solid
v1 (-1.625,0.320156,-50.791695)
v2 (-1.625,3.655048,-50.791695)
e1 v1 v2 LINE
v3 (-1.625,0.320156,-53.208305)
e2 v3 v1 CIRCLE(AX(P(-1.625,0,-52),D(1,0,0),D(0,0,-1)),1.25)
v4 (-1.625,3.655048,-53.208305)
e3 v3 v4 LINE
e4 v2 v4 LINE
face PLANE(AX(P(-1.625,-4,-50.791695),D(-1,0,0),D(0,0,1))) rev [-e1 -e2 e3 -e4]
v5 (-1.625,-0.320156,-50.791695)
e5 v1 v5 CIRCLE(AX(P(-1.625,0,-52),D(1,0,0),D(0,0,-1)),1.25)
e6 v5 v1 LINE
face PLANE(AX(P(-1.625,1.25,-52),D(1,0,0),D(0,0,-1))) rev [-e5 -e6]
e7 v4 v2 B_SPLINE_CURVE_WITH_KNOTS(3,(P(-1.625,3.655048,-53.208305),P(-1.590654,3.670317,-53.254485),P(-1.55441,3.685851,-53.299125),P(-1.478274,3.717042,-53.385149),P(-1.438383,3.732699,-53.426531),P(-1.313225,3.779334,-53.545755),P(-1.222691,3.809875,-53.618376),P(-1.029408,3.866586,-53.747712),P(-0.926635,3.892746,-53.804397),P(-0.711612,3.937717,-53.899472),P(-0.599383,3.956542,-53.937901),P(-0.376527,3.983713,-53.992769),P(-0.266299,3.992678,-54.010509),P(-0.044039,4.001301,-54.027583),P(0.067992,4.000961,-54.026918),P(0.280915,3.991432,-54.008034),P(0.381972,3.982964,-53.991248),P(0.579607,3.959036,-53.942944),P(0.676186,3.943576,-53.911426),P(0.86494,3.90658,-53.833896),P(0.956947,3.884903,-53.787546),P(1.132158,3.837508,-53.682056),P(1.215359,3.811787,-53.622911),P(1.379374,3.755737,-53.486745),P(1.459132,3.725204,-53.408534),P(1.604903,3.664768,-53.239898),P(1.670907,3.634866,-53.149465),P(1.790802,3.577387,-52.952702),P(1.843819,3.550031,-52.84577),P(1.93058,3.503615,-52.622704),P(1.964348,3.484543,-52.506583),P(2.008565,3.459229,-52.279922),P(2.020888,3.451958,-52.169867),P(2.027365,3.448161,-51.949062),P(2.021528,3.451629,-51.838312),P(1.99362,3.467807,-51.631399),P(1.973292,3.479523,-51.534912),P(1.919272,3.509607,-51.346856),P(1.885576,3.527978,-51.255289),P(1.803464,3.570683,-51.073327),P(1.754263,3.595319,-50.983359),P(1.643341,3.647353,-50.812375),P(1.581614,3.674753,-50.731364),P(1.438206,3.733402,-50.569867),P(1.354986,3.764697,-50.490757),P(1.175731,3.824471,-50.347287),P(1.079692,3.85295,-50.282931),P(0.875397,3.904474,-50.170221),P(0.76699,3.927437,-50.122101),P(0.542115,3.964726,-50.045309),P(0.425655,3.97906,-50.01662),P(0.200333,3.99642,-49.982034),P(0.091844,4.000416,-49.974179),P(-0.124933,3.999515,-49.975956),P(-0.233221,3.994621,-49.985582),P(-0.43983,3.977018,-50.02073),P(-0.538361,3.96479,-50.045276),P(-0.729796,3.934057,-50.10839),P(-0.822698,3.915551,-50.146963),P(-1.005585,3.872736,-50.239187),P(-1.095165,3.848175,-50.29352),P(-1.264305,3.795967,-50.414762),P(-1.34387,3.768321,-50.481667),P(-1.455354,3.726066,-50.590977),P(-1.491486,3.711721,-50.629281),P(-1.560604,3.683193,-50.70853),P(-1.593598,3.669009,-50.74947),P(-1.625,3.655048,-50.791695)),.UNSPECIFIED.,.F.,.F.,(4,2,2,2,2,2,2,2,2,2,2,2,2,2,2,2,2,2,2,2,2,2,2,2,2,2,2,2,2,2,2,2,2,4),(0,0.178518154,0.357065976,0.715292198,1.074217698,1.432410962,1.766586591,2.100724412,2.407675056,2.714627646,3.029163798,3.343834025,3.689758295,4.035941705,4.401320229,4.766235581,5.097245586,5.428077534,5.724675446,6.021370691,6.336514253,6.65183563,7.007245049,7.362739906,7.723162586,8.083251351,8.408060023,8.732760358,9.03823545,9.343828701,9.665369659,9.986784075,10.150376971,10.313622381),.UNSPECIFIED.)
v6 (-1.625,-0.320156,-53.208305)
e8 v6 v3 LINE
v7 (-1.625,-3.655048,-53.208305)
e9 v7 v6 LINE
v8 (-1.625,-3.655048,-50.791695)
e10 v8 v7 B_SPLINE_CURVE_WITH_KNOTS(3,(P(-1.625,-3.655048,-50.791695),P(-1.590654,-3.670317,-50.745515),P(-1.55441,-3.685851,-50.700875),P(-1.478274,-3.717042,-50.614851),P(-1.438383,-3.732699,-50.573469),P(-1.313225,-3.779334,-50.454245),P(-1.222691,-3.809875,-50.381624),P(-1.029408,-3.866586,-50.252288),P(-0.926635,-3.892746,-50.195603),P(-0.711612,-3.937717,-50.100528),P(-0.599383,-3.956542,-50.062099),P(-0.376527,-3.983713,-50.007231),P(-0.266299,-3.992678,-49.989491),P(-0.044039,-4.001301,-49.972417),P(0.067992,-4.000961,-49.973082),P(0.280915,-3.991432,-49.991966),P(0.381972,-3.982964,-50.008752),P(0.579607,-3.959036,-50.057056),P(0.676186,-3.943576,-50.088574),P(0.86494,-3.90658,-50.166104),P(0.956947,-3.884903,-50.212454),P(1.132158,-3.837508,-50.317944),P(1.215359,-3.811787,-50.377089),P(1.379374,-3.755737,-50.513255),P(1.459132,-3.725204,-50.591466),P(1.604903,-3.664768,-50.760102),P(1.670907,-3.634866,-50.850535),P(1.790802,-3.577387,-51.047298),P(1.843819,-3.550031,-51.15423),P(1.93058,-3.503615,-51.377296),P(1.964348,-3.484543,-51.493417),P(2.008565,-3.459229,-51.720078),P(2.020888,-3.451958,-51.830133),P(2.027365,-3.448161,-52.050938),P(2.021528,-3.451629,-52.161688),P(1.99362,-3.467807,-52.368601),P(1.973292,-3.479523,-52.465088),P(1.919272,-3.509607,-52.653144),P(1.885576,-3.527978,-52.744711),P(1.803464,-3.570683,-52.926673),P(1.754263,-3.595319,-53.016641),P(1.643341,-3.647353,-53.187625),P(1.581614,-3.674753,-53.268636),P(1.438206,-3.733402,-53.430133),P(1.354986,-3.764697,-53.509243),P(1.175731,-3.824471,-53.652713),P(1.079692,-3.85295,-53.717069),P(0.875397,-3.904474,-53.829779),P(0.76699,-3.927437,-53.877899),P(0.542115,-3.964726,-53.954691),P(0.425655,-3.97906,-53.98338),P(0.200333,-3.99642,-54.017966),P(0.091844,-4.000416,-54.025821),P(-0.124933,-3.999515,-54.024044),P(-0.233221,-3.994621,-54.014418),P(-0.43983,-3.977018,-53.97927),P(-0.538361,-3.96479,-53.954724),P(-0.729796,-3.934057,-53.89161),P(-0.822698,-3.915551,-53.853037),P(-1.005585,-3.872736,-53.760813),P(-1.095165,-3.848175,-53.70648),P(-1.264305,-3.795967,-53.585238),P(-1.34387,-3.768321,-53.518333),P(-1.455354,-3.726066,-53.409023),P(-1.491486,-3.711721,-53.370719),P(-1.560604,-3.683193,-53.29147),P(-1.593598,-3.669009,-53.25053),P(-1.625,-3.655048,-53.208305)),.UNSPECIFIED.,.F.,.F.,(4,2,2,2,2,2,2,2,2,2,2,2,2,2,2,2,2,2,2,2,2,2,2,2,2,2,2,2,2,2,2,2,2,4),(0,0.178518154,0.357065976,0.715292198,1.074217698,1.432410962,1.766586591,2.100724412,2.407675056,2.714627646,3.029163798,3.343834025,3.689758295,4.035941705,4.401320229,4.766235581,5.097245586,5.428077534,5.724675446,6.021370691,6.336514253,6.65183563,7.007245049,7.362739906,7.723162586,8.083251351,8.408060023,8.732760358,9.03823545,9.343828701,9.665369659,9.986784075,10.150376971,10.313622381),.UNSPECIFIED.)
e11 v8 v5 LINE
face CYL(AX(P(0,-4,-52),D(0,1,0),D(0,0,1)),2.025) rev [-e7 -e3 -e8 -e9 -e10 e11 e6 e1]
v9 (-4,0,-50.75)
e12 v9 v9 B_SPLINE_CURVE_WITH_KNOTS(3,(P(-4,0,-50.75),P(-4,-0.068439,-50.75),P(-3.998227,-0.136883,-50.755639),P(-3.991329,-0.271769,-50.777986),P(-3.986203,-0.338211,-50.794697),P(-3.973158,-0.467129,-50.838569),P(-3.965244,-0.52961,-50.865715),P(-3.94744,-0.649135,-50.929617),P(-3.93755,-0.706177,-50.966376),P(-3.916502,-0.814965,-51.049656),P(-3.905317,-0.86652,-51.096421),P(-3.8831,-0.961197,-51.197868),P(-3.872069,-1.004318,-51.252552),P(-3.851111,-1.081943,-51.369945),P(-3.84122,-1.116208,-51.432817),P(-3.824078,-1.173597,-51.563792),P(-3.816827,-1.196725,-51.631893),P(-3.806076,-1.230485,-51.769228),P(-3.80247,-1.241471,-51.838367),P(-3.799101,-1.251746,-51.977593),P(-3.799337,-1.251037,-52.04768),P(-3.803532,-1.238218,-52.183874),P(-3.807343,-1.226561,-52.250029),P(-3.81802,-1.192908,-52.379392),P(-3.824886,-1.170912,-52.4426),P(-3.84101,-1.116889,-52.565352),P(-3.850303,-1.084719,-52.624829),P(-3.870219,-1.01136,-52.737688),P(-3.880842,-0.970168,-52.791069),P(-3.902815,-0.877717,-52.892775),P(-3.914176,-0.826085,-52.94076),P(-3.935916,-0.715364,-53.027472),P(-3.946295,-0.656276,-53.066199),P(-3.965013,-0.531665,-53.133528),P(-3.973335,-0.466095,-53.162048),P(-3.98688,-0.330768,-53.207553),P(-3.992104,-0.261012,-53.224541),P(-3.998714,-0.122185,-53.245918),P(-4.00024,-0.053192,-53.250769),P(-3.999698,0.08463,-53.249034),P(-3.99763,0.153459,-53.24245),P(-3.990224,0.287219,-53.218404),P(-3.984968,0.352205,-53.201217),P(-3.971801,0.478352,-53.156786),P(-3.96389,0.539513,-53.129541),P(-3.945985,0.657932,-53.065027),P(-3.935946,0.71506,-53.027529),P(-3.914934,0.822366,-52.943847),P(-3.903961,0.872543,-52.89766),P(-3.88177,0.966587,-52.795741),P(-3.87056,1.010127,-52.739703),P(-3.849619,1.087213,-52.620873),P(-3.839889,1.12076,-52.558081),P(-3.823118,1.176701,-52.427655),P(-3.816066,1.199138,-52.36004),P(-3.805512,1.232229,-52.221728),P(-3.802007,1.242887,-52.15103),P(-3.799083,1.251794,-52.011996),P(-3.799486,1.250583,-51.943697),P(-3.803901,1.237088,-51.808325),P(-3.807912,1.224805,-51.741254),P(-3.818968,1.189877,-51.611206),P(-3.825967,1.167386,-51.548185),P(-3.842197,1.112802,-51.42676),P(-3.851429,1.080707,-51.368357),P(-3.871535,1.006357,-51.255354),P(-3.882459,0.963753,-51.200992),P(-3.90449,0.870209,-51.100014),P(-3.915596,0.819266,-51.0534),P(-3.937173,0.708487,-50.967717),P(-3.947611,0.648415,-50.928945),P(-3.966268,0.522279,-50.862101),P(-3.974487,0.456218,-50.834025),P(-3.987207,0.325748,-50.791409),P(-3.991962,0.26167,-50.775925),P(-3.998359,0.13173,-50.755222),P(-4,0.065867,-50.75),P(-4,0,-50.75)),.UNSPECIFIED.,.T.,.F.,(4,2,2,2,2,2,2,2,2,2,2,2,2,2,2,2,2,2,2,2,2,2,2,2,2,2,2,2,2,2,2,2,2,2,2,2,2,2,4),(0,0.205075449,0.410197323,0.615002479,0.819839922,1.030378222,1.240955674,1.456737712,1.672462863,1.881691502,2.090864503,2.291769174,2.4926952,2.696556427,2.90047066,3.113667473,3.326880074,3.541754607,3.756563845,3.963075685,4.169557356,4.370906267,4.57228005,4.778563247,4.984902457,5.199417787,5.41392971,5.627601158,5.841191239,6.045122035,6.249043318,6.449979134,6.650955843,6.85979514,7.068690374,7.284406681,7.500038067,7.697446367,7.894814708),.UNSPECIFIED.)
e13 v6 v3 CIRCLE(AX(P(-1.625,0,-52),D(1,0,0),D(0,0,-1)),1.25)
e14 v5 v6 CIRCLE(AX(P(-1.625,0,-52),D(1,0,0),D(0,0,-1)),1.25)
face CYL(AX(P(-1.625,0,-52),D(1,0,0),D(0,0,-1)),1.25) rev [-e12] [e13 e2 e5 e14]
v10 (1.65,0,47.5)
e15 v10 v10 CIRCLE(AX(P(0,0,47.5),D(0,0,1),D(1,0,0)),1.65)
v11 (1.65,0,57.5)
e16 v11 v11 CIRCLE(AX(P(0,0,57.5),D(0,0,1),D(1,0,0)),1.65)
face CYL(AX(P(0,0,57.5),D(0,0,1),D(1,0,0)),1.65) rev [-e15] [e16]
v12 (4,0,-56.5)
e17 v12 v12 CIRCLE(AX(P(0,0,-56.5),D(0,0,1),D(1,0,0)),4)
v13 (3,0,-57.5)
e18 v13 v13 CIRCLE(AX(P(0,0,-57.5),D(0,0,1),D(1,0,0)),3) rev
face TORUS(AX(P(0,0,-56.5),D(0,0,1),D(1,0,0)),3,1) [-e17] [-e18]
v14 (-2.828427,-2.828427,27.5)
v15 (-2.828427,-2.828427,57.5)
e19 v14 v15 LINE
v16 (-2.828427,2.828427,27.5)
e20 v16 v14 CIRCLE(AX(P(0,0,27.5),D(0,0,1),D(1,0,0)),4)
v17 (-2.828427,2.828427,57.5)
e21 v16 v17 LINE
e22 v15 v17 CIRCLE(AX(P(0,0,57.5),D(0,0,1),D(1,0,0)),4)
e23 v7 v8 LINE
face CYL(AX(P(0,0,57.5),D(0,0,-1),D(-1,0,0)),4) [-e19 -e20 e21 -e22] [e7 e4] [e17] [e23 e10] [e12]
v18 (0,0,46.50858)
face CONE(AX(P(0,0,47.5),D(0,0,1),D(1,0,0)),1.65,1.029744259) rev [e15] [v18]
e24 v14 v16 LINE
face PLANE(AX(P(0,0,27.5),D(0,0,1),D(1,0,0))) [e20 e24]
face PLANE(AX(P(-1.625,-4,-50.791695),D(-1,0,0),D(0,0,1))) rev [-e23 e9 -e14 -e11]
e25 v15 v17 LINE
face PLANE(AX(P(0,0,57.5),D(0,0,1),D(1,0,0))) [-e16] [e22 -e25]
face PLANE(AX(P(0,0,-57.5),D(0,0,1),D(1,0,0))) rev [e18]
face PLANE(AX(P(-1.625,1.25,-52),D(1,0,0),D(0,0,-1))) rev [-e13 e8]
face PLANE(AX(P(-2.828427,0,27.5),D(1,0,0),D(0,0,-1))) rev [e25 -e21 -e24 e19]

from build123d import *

# Parameters (mm, degrees)
SKETCH_3_R               = 4
EXTRUDE_2_DEPTH          = 57.5
CUT_EXTRUDE_1_DEPTH      = 58.777590812
CUT_EXTRUDE_1_DEPTH_BACK = 58.777590812
FILLET_1_R               = 1
M4X0_7_1_D               = 3.3
M4X0_7_1_DEPTH           = 10
M4X0_7_1_TIP             = 0.991420021
CUT_EXTRUDE_2_DEPTH      = 30


with BuildPart() as part:
    # 草图3 → 凸台-拉伸2 (new, symmetric)
    with BuildSketch(Plane.XY):
        Circle(SKETCH_3_R)
    extrude(amount=EXTRUDE_2_DEPTH, both=True)

    # 草图1 → 切除-拉伸1 (cut, two sides: drawn at the far end of the back side and taken through both)
    with BuildSketch(Plane(origin=(0, 0, 0), x_dir=(1, 0, 0), z_dir=(0, 1, 0)).offset(-CUT_EXTRUDE_1_DEPTH_BACK)):
        with BuildLine():
            Line((-1.625, 50.791695403), (-1.625, 53.208304597))
            ThreePointArc((-1.625, 53.208304597), (2.025, 52), (-1.625, 50.791695403))
        make_face()
    extrude(amount=CUT_EXTRUDE_1_DEPTH + CUT_EXTRUDE_1_DEPTH_BACK, mode=Mode.SUBTRACT)

    # 圆角1
    fillet_1_edges = [part.edges().sort_by_distance(p)[0] for p in [
        (-4, 0, -57.5),
    ]]
    fillet(fillet_1_edges, radius=FILLET_1_R)

    # M4x0.7 螺纹孔1
    with Locations(Plane.XY.offset(57.5)):
        with Locations((0, 0)):
            Hole(M4X0_7_1_D / 2, depth=M4X0_7_1_DEPTH)
            with Locations((0, 0, -(M4X0_7_1_DEPTH + M4X0_7_1_TIP / 2))):  # 118° drill point
                Cone(0, M4X0_7_1_D / 2, M4X0_7_1_TIP, mode=Mode.SUBTRACT)

    # 草图17 → M3x0.5 螺纹孔1 (revolve, cut)
    with BuildSketch(Plane(origin=(-1.625, 0, -52), x_dir=(0, 0, -1), z_dir=(0, 1, 0))):
        Polygon((0, 0), (0, 8.251075774), (1.25, 7.5), (1.25, 0), align=None)
    revolve(axis=Axis((4.725, 0, -52), (-1, 0, 0)), mode=Mode.SUBTRACT)

    # 草图13 → 切除-拉伸2 (cut)
    with BuildSketch(Plane.XY.offset(57.5)):
        with BuildLine():
            ThreePointArc((-2.828427125, 2.828427125), (-4, 0), (-2.828427125, -2.828427125))
            Line((-2.828427125, -2.828427125), (-2.828427125, 2.828427125))
        make_face()
    extrude(amount=-CUT_EXTRUDE_2_DEPTH, mode=Mode.SUBTRACT)


solid = part.part
